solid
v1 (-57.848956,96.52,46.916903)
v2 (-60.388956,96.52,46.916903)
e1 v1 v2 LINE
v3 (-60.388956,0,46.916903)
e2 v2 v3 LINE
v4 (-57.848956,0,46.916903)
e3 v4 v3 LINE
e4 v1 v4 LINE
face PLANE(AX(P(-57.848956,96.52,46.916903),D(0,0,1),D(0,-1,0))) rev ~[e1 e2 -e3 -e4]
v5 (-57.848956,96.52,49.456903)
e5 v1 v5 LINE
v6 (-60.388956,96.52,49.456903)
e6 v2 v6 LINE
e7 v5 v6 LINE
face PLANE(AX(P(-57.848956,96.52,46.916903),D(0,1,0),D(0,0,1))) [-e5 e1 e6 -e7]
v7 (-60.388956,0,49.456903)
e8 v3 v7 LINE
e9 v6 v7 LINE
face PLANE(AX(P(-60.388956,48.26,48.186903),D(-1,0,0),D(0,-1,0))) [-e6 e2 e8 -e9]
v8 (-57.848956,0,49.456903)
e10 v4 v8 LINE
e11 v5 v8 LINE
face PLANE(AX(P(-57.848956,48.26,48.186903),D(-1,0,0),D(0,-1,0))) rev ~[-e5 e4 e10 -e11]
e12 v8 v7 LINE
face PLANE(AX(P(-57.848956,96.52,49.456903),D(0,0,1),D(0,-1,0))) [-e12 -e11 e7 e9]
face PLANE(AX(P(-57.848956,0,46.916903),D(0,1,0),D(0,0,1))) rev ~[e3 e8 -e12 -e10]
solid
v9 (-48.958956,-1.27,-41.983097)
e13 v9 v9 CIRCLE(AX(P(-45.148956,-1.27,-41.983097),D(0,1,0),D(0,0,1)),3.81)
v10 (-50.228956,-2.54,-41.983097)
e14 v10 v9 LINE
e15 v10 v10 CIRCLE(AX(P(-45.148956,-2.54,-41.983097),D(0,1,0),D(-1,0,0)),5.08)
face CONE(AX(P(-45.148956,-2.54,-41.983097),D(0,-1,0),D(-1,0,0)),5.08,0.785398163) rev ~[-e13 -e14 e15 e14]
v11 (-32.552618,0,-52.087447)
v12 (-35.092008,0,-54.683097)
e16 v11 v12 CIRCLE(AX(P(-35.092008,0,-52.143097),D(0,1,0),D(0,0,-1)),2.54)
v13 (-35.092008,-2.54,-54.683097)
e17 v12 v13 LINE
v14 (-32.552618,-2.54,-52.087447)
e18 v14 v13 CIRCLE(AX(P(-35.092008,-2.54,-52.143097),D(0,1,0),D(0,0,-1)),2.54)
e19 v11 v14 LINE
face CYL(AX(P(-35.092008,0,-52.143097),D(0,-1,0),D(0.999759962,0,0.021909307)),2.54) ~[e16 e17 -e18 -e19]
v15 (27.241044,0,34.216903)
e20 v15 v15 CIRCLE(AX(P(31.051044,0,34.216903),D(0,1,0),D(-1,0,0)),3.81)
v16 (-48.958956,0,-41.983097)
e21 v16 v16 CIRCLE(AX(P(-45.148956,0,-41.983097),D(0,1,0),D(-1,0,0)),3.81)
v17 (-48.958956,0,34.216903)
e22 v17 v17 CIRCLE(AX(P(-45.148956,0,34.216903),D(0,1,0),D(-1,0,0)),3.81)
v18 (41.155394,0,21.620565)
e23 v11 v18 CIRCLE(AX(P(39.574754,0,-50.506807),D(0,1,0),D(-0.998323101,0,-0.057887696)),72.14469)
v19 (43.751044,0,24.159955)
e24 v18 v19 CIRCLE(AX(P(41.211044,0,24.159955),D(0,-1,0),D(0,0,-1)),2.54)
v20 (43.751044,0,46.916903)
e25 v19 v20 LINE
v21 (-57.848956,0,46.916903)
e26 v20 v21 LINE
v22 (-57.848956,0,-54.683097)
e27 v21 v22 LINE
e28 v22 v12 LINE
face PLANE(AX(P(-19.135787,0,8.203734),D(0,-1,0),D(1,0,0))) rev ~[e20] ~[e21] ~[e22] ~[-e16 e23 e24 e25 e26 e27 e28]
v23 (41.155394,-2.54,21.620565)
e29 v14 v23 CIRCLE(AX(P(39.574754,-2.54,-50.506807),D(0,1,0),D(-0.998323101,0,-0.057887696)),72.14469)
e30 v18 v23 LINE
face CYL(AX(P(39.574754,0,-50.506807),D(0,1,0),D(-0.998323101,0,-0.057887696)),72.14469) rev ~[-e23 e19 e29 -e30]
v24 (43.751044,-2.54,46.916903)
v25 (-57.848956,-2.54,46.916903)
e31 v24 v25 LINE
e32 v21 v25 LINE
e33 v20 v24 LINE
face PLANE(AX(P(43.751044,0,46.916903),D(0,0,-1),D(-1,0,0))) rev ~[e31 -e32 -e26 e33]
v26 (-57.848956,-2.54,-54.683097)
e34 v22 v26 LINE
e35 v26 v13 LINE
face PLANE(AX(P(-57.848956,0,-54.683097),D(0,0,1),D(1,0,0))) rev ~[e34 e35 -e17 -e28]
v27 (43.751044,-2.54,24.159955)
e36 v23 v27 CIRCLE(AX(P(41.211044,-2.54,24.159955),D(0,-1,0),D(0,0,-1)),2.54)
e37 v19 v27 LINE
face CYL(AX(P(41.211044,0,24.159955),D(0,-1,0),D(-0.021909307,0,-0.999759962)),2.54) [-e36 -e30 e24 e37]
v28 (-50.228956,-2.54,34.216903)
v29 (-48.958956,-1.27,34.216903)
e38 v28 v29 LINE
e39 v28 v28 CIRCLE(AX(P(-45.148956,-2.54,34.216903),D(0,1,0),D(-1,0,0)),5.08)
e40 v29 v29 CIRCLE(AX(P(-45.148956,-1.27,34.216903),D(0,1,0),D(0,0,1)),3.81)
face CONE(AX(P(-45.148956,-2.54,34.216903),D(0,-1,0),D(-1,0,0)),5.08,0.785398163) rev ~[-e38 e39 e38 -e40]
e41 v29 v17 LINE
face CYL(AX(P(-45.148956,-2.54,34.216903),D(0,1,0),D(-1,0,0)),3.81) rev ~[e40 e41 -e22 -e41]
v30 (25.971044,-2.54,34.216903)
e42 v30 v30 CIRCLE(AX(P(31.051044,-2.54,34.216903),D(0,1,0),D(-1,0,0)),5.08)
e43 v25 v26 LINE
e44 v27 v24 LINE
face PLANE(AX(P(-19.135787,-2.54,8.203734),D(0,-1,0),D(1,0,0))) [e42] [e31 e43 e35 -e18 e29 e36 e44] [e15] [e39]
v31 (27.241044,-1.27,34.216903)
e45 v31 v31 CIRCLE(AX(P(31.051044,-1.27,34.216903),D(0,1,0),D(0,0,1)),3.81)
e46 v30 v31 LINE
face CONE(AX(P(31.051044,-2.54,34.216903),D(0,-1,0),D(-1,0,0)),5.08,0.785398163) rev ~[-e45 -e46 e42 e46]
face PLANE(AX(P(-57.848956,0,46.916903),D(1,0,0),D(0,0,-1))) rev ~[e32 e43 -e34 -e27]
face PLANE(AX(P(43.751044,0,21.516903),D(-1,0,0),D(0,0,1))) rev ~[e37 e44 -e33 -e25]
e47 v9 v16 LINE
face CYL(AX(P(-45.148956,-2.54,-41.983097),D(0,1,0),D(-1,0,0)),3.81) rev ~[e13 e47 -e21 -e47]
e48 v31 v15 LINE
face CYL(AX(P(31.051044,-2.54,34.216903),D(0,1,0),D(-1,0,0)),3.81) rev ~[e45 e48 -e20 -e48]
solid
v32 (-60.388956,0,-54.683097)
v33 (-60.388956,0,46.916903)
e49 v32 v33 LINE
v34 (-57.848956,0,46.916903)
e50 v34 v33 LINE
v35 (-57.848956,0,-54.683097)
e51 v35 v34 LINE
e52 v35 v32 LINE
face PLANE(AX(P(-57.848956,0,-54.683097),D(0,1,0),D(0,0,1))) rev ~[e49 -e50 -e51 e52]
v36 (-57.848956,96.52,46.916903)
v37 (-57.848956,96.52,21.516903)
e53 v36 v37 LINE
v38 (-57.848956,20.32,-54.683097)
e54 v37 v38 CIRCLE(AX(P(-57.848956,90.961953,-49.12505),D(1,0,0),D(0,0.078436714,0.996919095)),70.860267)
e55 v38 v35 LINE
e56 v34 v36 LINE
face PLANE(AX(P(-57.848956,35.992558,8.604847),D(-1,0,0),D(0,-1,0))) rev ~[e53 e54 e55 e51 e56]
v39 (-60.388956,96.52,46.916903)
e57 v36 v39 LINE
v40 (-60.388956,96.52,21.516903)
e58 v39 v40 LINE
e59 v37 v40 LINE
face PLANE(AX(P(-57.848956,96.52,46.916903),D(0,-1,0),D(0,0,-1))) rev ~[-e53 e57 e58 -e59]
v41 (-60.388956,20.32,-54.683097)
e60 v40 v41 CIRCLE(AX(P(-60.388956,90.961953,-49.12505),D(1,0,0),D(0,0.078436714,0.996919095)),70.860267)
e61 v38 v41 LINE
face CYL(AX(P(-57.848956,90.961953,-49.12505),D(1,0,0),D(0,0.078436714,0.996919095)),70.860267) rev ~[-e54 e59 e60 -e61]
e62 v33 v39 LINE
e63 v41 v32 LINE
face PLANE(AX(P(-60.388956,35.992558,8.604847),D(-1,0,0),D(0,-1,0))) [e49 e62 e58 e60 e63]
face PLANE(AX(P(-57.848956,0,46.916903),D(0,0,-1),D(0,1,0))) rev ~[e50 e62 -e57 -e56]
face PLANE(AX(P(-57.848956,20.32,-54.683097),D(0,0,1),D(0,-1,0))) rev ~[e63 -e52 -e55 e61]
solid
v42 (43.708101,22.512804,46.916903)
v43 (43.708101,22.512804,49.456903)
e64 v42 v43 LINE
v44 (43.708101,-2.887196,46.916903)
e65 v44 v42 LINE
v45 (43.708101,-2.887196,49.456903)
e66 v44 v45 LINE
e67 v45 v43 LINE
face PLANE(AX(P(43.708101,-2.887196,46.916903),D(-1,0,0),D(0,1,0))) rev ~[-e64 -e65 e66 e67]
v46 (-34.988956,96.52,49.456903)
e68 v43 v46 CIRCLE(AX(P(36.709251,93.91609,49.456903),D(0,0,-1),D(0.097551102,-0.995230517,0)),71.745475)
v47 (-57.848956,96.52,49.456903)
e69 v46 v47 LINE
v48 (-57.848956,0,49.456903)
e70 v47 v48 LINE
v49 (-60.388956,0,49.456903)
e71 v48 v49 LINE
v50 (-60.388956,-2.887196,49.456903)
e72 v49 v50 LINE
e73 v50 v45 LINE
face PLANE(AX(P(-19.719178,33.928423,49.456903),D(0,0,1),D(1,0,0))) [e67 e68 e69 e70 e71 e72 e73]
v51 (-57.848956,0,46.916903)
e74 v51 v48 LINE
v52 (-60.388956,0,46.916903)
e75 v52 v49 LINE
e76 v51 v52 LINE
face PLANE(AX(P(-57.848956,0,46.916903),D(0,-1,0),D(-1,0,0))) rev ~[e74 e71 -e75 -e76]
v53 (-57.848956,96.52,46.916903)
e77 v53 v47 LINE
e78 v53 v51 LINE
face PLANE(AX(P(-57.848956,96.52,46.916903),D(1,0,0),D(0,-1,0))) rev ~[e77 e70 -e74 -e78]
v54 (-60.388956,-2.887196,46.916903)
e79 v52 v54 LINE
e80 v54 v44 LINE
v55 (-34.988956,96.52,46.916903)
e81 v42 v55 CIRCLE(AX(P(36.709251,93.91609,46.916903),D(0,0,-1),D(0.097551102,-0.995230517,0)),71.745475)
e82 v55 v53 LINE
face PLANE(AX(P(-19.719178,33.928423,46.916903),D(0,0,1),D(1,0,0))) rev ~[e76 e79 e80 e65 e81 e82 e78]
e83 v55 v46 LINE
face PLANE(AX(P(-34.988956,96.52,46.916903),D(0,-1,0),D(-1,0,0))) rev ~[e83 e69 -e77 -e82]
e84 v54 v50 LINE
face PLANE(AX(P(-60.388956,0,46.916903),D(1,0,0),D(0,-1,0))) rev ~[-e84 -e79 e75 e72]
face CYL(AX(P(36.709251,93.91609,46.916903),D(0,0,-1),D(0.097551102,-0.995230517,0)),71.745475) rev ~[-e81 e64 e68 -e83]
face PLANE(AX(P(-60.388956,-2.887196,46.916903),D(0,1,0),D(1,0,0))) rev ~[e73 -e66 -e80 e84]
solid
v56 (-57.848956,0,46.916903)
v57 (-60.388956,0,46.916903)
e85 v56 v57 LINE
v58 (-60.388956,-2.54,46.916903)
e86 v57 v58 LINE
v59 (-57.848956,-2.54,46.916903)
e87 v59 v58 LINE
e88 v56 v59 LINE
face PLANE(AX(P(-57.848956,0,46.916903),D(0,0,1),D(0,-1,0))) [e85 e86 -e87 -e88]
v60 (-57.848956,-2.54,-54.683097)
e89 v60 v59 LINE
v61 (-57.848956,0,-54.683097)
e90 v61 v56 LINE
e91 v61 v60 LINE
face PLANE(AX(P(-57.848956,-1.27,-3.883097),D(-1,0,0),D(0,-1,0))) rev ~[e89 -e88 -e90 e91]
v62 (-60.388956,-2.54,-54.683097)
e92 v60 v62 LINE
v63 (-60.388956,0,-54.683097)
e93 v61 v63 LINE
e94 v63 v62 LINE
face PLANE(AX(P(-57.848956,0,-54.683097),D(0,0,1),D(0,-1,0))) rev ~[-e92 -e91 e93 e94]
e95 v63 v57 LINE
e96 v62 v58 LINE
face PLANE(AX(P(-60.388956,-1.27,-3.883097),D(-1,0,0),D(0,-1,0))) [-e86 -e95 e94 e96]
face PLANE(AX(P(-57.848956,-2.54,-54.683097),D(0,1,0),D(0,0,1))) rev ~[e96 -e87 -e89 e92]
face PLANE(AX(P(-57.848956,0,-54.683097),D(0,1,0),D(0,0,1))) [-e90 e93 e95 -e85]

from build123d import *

# Parameters (mm, degrees)
F1_DEPTH        = 2.54
F2_R            = 2.54
F3_R            = 2.54
F5_DEPTH        = 2.54
F1_FACE_W       = 2.54
F1_FACE_H       = 101.6
F6_DEPTH        = 2.54
F8_DEPTH        = 2.54
F8_FACE_W       = 96.52
F8_FACE_H       = 2.54
F9_DEPTH        = 2.54
F11_D           = 7.62
F11_DEPTH       = 25.4
F11_CSINK_D     = 10.16
F11_CSINK_ANGLE = 90


with BuildPart() as f1:
    # F0 (on Front) → F1 (new body)
    with BuildSketch(Plane.XZ):
        with BuildLine():
            Line((43.751044, 46.916903), (-57.848956, 46.916903))
            Line((-57.848956, 46.916903), (-57.848956, -54.683097))
            Line((-57.848956, -54.683097), (-32.448956, -54.683097))
            ThreePointArc((-32.448956, -54.683097), (-11.439245, 0.507192), (43.751044, 21.516903))
            Line((43.751044, 21.516903), (43.751044, 46.916903))
        make_face()
    extrude(amount=F1_DEPTH)

    # F2
    f2_edges = [f1.edges().sort_by_distance(p)[0] for p in [
        (43.751044, -1.27, 21.516903),
    ]]
    fillet(f2_edges, radius=F2_R)

    # F3
    f3_edges = [f1.edges().sort_by_distance(p)[0] for p in [
        (-32.448956, -1.27, -54.683097),
    ]]
    fillet(f3_edges, radius=F3_R)

    # F11
    with Locations(Plane.XZ.offset(2.54)):
        with Locations((-45.148956, 34.216903), (31.051044, 34.216903), (-45.148956, -41.983097)):
            CounterSinkHole(F11_D / 2, F11_CSINK_D / 2, depth=F11_DEPTH, counter_sink_angle=F11_CSINK_ANGLE)


with BuildPart() as f5:
    # F4 (on face) → F5 (new body)
    with BuildSketch(Plane(origin=(-57.848956, 0, 0), x_dir=(0, -1, 0), z_dir=(-1, 0, 0))):
        with BuildLine():
            Line((0, -54.683097), (0, 46.916903))
            Line((0, 46.916903), (-96.52, 46.916903))
            Line((-96.52, 46.916903), (-96.52, 21.516903))
            ThreePointArc((-96.52, 21.516903), (-40.856178, 0.980725), (-20.32, -54.683097))
            Line((-20.32, -54.683097), (0, -54.683097))
        make_face()
    extrude(amount=F5_DEPTH)


with BuildPart() as f6:
    # F1_face (on face) → F6 (new body)
    with BuildSketch(Plane(origin=(-57.848956, -1.27, -3.883097), x_dir=(0, -1, 0), z_dir=(-1, 0, 0))):
        Rectangle(F1_FACE_W, F1_FACE_H)
    extrude(amount=F6_DEPTH)


with BuildPart() as f8:
    # F7 (on face) → F8 (new body)
    with BuildSketch(Plane.XY.offset(46.916903)):
        with BuildLine():
            Line((-57.848956, 0), (-60.388956, 0))
            Line((-60.388956, 0), (-60.388956, -2.887196))
            Line((-60.388956, -2.887196), (43.708101, -2.887196))
            Line((43.708101, -2.887196), (43.708101, 22.512804))
            ThreePointArc((43.708101, 22.512804), (-12.441212, 41.650947), (-34.988956, 96.52))
            Line((-34.988956, 96.52), (-57.848956, 96.52))
            Line((-57.848956, 96.52), (-57.848956, 0))
        make_face()
    extrude(amount=F8_DEPTH)


with BuildPart() as f9:
    # F8_face (on face) → F9 (new body)
    with BuildSketch(Plane(origin=(-57.848956, 48.26, 48.186903), x_dir=(0, -1, 0), z_dir=(-1, 0, 0))):
        Rectangle(F8_FACE_W, F8_FACE_H)
    extrude(amount=F9_DEPTH)


solid = Compound([f1.part, f5.part, f6.part, f8.part, f9.part])
